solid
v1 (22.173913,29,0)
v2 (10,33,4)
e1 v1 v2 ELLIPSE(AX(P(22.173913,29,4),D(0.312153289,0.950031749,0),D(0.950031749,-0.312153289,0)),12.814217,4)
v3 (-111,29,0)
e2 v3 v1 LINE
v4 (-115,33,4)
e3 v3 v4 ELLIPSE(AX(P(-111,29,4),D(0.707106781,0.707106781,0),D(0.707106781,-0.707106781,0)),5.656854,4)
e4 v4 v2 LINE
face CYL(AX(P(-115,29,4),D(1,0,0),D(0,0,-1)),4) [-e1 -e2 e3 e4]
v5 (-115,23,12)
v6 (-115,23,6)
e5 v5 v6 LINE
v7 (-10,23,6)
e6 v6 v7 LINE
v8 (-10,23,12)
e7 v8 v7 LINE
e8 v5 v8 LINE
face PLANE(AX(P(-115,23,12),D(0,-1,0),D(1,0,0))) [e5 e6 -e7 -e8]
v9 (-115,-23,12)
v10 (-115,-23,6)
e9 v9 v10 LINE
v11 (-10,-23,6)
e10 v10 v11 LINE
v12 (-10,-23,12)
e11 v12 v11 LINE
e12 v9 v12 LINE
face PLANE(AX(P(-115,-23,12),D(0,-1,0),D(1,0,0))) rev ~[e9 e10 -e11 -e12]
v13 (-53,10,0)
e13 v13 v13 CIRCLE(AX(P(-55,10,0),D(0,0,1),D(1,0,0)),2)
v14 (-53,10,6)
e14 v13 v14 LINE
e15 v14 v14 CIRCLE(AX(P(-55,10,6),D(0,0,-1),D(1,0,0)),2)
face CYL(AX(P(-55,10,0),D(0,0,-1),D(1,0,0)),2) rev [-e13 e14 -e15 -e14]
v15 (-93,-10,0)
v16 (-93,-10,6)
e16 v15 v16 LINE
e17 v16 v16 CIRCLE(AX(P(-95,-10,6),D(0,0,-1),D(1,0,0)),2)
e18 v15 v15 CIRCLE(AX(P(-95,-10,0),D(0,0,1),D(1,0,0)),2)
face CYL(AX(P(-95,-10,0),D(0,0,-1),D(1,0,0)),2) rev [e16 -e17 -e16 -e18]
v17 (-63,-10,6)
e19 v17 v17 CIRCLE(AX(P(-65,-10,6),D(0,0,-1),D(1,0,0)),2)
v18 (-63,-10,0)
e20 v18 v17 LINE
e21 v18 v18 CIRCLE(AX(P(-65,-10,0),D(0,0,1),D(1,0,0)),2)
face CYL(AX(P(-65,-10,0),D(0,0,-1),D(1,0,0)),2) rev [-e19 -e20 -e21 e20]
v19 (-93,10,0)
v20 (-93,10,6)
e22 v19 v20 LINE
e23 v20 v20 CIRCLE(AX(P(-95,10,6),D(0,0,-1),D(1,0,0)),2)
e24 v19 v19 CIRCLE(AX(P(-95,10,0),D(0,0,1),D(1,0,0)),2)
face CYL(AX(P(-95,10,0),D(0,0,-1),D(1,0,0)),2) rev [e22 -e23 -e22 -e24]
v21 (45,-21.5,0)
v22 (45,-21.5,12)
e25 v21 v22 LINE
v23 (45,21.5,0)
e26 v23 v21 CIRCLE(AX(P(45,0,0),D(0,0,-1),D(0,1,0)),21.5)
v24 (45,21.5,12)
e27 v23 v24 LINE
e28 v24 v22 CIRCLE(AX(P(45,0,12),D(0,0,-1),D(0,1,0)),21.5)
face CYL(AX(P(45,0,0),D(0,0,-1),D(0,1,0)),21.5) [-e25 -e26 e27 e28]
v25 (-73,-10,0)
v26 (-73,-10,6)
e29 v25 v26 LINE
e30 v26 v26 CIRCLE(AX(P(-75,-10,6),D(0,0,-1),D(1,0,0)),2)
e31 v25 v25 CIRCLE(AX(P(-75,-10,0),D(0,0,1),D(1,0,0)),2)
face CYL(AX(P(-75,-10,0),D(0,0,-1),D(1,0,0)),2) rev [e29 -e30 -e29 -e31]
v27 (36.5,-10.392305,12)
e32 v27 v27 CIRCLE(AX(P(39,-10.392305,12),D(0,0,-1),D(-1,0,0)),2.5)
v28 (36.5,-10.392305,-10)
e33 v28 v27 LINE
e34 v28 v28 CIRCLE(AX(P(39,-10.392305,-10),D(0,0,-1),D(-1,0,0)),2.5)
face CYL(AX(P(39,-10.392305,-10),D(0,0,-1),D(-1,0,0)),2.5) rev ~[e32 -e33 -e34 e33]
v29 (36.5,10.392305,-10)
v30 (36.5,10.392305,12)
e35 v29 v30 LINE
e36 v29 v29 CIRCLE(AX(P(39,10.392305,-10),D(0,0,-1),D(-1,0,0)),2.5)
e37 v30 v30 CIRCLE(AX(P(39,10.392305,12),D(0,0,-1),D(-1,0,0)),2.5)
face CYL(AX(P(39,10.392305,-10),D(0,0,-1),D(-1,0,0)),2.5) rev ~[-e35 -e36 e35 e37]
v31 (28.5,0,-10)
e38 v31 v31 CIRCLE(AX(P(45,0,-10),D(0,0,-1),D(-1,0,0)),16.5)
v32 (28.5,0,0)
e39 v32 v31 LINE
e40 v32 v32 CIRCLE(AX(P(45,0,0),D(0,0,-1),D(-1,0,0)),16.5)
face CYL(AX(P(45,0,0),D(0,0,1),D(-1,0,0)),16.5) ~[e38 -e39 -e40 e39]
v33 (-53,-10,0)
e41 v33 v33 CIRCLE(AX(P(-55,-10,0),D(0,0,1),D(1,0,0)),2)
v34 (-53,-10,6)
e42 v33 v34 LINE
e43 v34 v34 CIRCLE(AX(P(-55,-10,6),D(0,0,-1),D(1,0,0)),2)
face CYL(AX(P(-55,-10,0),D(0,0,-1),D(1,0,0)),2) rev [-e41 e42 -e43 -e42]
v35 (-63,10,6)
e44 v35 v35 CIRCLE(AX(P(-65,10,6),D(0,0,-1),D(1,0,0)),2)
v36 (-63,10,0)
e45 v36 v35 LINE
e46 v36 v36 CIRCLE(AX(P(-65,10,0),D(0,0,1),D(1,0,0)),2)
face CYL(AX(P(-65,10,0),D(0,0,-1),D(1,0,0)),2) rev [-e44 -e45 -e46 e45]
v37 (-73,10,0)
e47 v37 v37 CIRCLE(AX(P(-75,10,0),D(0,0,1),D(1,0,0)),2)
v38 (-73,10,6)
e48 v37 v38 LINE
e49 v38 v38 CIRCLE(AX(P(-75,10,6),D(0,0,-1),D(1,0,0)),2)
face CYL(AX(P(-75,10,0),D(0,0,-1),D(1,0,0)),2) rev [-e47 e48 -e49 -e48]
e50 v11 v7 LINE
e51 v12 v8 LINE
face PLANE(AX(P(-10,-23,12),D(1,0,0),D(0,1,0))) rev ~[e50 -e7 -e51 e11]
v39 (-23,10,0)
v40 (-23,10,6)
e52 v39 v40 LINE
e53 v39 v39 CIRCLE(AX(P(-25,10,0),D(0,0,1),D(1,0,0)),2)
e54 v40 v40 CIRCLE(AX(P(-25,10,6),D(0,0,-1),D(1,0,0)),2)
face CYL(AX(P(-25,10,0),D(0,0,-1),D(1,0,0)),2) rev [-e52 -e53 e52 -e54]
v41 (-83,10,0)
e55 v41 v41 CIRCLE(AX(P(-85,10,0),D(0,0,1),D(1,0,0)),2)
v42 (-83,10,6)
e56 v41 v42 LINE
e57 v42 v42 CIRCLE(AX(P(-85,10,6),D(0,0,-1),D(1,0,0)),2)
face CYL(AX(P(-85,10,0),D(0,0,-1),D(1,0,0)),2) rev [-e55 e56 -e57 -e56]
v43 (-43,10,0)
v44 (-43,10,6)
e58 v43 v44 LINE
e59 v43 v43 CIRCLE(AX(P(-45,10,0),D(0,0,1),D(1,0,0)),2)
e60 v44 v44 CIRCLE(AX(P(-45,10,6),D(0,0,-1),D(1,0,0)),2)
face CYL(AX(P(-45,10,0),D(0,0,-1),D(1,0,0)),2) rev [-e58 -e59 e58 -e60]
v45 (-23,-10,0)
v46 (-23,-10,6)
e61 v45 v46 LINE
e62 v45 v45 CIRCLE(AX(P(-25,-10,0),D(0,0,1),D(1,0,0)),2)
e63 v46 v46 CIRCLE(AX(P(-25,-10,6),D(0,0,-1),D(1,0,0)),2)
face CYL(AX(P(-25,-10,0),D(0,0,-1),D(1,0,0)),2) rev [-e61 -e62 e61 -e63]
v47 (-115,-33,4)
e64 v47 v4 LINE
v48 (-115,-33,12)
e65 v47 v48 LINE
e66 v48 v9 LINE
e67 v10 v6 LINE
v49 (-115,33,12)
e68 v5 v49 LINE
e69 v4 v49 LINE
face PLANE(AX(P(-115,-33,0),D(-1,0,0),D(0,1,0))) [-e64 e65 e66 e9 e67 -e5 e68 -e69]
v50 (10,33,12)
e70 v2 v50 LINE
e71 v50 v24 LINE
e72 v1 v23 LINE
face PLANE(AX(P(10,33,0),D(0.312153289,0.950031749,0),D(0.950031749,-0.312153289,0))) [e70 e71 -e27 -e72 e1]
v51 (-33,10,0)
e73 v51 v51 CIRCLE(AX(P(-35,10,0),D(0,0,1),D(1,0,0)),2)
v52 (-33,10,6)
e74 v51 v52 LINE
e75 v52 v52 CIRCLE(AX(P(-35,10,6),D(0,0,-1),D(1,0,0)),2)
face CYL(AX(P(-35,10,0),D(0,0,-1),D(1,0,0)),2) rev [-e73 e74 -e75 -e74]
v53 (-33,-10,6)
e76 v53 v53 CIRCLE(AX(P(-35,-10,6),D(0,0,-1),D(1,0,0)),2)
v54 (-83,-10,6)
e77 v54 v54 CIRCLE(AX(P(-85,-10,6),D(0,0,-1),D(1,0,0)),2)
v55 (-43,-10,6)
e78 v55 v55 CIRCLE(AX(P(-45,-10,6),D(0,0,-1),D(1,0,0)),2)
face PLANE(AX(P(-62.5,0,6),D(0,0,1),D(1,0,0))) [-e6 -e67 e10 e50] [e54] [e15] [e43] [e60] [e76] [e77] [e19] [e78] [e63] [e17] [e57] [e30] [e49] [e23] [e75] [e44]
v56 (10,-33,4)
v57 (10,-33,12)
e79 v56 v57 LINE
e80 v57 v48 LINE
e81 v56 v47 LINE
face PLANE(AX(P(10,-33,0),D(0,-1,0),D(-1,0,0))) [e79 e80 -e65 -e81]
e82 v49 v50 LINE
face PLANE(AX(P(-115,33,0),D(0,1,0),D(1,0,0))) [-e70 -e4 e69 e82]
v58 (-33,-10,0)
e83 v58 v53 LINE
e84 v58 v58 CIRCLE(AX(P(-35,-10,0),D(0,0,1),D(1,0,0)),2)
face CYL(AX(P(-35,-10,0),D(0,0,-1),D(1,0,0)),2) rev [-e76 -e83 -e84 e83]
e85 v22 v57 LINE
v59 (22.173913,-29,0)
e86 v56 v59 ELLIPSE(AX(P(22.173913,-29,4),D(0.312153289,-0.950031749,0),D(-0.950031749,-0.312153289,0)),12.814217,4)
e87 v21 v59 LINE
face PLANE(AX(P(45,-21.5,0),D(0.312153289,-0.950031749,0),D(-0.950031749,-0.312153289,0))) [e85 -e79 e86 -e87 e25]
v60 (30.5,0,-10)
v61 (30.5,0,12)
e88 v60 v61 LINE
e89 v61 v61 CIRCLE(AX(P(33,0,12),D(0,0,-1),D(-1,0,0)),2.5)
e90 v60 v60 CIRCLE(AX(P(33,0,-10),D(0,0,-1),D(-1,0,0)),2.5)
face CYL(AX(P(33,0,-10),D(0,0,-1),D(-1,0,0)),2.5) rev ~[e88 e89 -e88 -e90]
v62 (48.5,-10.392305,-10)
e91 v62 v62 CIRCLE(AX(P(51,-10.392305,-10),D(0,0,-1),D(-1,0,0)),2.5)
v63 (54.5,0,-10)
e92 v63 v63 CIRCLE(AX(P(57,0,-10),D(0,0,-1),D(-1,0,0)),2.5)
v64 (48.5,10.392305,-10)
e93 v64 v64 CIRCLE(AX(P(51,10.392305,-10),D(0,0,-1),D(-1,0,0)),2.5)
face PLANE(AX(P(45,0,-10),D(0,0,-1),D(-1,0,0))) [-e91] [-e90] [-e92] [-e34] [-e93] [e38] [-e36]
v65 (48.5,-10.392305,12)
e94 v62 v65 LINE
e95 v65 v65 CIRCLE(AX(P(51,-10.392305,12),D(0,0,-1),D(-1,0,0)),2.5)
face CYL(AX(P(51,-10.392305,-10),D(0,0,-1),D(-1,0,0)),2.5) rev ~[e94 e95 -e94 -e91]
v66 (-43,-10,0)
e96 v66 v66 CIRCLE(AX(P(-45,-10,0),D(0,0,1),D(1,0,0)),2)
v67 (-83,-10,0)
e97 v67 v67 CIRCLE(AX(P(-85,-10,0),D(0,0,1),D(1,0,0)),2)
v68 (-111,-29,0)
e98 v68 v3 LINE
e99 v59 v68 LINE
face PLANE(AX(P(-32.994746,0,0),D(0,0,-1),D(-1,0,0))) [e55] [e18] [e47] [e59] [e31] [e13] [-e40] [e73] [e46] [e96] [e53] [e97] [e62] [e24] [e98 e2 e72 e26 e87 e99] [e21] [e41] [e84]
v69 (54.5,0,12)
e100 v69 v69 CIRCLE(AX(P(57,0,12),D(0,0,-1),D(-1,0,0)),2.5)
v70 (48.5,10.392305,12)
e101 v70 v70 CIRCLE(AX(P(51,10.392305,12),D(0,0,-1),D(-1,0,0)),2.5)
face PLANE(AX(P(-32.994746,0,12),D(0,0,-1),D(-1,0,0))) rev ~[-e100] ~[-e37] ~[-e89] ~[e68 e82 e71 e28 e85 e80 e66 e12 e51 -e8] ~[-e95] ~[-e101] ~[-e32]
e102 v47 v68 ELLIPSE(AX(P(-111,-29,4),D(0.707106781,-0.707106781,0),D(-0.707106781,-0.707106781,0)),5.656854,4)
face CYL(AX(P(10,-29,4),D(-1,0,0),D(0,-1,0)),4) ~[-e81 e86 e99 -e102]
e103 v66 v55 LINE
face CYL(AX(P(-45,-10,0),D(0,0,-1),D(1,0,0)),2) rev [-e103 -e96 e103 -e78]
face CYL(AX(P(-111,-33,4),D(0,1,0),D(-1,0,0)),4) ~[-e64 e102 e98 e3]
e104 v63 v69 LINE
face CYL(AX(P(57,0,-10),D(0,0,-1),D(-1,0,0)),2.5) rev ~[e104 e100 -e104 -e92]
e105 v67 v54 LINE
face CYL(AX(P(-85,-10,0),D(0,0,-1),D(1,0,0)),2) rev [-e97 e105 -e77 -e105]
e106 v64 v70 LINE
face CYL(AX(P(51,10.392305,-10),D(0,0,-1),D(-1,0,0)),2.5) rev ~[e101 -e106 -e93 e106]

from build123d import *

# Parameters (mm, degrees)
SKETCH_1_R          = 2
EXTRUDE_1_DEPTH     = 12
SKETCH_6_R          = 16.5
EXTRUDE_3_DEPTH     = 10
SKETCH_7_R          = 2.5
CUT_EXTRUDE_3_DEPTH = 122.647030379
SKETCH_10_W         = 105
SKETCH_10_H         = 46
CUT_EXTRUDE_5_DEPTH = 6
FILLET_1_R          = 4


with BuildPart() as part:
    # 草图1 → 凸台-拉伸1 (new body)
    with BuildSketch(Plane.XY):
        with BuildLine():
            Line((10, -33), (-45, -33))
            Line((-45, -33), (-115, -33))
            Line((-115, -33), (-115, 33))
            Line((-115, 33), (-45, 33))
            Line((-45, 33), (10, 33))
            Line((10, 33), (45, 21.5))
            ThreePointArc((45, 21.5), (66.5, 0), (45, -21.5))
            Line((45, -21.5), (10, -33))
        make_face()
        with Locations((-35, 10)):
            Circle(SKETCH_1_R, mode=Mode.SUBTRACT)
        with Locations((-25, 10)):
            Circle(SKETCH_1_R, mode=Mode.SUBTRACT)
        with Locations((-25, -10)):
            Circle(SKETCH_1_R, mode=Mode.SUBTRACT)
        with Locations((-35, -10)):
            Circle(SKETCH_1_R, mode=Mode.SUBTRACT)
        with Locations((-55, 10)):
            Circle(SKETCH_1_R, mode=Mode.SUBTRACT)
        with Locations((-55, -10)):
            Circle(SKETCH_1_R, mode=Mode.SUBTRACT)
        with Locations((-45, -10)):
            Circle(SKETCH_1_R, mode=Mode.SUBTRACT)
        with Locations((-45, 10)):
            Circle(SKETCH_1_R, mode=Mode.SUBTRACT)
        with Locations((-75, 10)):
            Circle(SKETCH_1_R, mode=Mode.SUBTRACT)
        with Locations((-75, -10)):
            Circle(SKETCH_1_R, mode=Mode.SUBTRACT)
        with Locations((-65, -10)):
            Circle(SKETCH_1_R, mode=Mode.SUBTRACT)
        with Locations((-65, 10)):
            Circle(SKETCH_1_R, mode=Mode.SUBTRACT)
        with Locations((-95, 10)):
            Circle(SKETCH_1_R, mode=Mode.SUBTRACT)
        with Locations((-95, -10)):
            Circle(SKETCH_1_R, mode=Mode.SUBTRACT)
        with Locations((-85, -10)):
            Circle(SKETCH_1_R, mode=Mode.SUBTRACT)
        with Locations((-85, 10)):
            Circle(SKETCH_1_R, mode=Mode.SUBTRACT)
    extrude(amount=EXTRUDE_1_DEPTH)

    # 草图6 → 凸台-拉伸3 (add)
    with BuildSketch(Plane(origin=(0, 0, 0), x_dir=(-1, 0, 0), z_dir=(0, 0, -1))):
        with Locations((-45, 0)):
            Circle(SKETCH_6_R)
    extrude(amount=EXTRUDE_3_DEPTH)

    # 草图7 → 切除-拉伸3 (cut, through all)
    with BuildSketch(Plane(origin=(0, 0, -10), x_dir=(-1, 0, 0), z_dir=(0, 0, -1))):
        with Locations((-51, 10.392304845)):
            Circle(SKETCH_7_R)
        with Locations((-39, 10.392304845)):
            Circle(SKETCH_7_R)
        with Locations((-33, 0)):
            Circle(SKETCH_7_R)
        with Locations((-39, -10.392304845)):
            Circle(SKETCH_7_R)
        with Locations((-51, -10.392304845)):
            Circle(SKETCH_7_R)
        with Locations((-57, 0)):
            Circle(SKETCH_7_R)
    extrude(amount=-CUT_EXTRUDE_3_DEPTH, mode=Mode.SUBTRACT)

    # 草图10 → 切除-拉伸5 (cut)
    with BuildSketch(Plane.XY.offset(12)):
        with Locations((-62.5, 0)):
            Rectangle(SKETCH_10_W, SKETCH_10_H)
    extrude(amount=-CUT_EXTRUDE_5_DEPTH, mode=Mode.SUBTRACT)

    # 圆角1
    fillet_1_edges = [part.edges().sort_by_distance(p)[0] for p in [
        (-52.5, 33, 0),
        (-52.5, -33, 0),
        (-115, 0, 0),
    ]]
    fillet(fillet_1_edges, radius=FILLET_1_R)


solid = part.part
